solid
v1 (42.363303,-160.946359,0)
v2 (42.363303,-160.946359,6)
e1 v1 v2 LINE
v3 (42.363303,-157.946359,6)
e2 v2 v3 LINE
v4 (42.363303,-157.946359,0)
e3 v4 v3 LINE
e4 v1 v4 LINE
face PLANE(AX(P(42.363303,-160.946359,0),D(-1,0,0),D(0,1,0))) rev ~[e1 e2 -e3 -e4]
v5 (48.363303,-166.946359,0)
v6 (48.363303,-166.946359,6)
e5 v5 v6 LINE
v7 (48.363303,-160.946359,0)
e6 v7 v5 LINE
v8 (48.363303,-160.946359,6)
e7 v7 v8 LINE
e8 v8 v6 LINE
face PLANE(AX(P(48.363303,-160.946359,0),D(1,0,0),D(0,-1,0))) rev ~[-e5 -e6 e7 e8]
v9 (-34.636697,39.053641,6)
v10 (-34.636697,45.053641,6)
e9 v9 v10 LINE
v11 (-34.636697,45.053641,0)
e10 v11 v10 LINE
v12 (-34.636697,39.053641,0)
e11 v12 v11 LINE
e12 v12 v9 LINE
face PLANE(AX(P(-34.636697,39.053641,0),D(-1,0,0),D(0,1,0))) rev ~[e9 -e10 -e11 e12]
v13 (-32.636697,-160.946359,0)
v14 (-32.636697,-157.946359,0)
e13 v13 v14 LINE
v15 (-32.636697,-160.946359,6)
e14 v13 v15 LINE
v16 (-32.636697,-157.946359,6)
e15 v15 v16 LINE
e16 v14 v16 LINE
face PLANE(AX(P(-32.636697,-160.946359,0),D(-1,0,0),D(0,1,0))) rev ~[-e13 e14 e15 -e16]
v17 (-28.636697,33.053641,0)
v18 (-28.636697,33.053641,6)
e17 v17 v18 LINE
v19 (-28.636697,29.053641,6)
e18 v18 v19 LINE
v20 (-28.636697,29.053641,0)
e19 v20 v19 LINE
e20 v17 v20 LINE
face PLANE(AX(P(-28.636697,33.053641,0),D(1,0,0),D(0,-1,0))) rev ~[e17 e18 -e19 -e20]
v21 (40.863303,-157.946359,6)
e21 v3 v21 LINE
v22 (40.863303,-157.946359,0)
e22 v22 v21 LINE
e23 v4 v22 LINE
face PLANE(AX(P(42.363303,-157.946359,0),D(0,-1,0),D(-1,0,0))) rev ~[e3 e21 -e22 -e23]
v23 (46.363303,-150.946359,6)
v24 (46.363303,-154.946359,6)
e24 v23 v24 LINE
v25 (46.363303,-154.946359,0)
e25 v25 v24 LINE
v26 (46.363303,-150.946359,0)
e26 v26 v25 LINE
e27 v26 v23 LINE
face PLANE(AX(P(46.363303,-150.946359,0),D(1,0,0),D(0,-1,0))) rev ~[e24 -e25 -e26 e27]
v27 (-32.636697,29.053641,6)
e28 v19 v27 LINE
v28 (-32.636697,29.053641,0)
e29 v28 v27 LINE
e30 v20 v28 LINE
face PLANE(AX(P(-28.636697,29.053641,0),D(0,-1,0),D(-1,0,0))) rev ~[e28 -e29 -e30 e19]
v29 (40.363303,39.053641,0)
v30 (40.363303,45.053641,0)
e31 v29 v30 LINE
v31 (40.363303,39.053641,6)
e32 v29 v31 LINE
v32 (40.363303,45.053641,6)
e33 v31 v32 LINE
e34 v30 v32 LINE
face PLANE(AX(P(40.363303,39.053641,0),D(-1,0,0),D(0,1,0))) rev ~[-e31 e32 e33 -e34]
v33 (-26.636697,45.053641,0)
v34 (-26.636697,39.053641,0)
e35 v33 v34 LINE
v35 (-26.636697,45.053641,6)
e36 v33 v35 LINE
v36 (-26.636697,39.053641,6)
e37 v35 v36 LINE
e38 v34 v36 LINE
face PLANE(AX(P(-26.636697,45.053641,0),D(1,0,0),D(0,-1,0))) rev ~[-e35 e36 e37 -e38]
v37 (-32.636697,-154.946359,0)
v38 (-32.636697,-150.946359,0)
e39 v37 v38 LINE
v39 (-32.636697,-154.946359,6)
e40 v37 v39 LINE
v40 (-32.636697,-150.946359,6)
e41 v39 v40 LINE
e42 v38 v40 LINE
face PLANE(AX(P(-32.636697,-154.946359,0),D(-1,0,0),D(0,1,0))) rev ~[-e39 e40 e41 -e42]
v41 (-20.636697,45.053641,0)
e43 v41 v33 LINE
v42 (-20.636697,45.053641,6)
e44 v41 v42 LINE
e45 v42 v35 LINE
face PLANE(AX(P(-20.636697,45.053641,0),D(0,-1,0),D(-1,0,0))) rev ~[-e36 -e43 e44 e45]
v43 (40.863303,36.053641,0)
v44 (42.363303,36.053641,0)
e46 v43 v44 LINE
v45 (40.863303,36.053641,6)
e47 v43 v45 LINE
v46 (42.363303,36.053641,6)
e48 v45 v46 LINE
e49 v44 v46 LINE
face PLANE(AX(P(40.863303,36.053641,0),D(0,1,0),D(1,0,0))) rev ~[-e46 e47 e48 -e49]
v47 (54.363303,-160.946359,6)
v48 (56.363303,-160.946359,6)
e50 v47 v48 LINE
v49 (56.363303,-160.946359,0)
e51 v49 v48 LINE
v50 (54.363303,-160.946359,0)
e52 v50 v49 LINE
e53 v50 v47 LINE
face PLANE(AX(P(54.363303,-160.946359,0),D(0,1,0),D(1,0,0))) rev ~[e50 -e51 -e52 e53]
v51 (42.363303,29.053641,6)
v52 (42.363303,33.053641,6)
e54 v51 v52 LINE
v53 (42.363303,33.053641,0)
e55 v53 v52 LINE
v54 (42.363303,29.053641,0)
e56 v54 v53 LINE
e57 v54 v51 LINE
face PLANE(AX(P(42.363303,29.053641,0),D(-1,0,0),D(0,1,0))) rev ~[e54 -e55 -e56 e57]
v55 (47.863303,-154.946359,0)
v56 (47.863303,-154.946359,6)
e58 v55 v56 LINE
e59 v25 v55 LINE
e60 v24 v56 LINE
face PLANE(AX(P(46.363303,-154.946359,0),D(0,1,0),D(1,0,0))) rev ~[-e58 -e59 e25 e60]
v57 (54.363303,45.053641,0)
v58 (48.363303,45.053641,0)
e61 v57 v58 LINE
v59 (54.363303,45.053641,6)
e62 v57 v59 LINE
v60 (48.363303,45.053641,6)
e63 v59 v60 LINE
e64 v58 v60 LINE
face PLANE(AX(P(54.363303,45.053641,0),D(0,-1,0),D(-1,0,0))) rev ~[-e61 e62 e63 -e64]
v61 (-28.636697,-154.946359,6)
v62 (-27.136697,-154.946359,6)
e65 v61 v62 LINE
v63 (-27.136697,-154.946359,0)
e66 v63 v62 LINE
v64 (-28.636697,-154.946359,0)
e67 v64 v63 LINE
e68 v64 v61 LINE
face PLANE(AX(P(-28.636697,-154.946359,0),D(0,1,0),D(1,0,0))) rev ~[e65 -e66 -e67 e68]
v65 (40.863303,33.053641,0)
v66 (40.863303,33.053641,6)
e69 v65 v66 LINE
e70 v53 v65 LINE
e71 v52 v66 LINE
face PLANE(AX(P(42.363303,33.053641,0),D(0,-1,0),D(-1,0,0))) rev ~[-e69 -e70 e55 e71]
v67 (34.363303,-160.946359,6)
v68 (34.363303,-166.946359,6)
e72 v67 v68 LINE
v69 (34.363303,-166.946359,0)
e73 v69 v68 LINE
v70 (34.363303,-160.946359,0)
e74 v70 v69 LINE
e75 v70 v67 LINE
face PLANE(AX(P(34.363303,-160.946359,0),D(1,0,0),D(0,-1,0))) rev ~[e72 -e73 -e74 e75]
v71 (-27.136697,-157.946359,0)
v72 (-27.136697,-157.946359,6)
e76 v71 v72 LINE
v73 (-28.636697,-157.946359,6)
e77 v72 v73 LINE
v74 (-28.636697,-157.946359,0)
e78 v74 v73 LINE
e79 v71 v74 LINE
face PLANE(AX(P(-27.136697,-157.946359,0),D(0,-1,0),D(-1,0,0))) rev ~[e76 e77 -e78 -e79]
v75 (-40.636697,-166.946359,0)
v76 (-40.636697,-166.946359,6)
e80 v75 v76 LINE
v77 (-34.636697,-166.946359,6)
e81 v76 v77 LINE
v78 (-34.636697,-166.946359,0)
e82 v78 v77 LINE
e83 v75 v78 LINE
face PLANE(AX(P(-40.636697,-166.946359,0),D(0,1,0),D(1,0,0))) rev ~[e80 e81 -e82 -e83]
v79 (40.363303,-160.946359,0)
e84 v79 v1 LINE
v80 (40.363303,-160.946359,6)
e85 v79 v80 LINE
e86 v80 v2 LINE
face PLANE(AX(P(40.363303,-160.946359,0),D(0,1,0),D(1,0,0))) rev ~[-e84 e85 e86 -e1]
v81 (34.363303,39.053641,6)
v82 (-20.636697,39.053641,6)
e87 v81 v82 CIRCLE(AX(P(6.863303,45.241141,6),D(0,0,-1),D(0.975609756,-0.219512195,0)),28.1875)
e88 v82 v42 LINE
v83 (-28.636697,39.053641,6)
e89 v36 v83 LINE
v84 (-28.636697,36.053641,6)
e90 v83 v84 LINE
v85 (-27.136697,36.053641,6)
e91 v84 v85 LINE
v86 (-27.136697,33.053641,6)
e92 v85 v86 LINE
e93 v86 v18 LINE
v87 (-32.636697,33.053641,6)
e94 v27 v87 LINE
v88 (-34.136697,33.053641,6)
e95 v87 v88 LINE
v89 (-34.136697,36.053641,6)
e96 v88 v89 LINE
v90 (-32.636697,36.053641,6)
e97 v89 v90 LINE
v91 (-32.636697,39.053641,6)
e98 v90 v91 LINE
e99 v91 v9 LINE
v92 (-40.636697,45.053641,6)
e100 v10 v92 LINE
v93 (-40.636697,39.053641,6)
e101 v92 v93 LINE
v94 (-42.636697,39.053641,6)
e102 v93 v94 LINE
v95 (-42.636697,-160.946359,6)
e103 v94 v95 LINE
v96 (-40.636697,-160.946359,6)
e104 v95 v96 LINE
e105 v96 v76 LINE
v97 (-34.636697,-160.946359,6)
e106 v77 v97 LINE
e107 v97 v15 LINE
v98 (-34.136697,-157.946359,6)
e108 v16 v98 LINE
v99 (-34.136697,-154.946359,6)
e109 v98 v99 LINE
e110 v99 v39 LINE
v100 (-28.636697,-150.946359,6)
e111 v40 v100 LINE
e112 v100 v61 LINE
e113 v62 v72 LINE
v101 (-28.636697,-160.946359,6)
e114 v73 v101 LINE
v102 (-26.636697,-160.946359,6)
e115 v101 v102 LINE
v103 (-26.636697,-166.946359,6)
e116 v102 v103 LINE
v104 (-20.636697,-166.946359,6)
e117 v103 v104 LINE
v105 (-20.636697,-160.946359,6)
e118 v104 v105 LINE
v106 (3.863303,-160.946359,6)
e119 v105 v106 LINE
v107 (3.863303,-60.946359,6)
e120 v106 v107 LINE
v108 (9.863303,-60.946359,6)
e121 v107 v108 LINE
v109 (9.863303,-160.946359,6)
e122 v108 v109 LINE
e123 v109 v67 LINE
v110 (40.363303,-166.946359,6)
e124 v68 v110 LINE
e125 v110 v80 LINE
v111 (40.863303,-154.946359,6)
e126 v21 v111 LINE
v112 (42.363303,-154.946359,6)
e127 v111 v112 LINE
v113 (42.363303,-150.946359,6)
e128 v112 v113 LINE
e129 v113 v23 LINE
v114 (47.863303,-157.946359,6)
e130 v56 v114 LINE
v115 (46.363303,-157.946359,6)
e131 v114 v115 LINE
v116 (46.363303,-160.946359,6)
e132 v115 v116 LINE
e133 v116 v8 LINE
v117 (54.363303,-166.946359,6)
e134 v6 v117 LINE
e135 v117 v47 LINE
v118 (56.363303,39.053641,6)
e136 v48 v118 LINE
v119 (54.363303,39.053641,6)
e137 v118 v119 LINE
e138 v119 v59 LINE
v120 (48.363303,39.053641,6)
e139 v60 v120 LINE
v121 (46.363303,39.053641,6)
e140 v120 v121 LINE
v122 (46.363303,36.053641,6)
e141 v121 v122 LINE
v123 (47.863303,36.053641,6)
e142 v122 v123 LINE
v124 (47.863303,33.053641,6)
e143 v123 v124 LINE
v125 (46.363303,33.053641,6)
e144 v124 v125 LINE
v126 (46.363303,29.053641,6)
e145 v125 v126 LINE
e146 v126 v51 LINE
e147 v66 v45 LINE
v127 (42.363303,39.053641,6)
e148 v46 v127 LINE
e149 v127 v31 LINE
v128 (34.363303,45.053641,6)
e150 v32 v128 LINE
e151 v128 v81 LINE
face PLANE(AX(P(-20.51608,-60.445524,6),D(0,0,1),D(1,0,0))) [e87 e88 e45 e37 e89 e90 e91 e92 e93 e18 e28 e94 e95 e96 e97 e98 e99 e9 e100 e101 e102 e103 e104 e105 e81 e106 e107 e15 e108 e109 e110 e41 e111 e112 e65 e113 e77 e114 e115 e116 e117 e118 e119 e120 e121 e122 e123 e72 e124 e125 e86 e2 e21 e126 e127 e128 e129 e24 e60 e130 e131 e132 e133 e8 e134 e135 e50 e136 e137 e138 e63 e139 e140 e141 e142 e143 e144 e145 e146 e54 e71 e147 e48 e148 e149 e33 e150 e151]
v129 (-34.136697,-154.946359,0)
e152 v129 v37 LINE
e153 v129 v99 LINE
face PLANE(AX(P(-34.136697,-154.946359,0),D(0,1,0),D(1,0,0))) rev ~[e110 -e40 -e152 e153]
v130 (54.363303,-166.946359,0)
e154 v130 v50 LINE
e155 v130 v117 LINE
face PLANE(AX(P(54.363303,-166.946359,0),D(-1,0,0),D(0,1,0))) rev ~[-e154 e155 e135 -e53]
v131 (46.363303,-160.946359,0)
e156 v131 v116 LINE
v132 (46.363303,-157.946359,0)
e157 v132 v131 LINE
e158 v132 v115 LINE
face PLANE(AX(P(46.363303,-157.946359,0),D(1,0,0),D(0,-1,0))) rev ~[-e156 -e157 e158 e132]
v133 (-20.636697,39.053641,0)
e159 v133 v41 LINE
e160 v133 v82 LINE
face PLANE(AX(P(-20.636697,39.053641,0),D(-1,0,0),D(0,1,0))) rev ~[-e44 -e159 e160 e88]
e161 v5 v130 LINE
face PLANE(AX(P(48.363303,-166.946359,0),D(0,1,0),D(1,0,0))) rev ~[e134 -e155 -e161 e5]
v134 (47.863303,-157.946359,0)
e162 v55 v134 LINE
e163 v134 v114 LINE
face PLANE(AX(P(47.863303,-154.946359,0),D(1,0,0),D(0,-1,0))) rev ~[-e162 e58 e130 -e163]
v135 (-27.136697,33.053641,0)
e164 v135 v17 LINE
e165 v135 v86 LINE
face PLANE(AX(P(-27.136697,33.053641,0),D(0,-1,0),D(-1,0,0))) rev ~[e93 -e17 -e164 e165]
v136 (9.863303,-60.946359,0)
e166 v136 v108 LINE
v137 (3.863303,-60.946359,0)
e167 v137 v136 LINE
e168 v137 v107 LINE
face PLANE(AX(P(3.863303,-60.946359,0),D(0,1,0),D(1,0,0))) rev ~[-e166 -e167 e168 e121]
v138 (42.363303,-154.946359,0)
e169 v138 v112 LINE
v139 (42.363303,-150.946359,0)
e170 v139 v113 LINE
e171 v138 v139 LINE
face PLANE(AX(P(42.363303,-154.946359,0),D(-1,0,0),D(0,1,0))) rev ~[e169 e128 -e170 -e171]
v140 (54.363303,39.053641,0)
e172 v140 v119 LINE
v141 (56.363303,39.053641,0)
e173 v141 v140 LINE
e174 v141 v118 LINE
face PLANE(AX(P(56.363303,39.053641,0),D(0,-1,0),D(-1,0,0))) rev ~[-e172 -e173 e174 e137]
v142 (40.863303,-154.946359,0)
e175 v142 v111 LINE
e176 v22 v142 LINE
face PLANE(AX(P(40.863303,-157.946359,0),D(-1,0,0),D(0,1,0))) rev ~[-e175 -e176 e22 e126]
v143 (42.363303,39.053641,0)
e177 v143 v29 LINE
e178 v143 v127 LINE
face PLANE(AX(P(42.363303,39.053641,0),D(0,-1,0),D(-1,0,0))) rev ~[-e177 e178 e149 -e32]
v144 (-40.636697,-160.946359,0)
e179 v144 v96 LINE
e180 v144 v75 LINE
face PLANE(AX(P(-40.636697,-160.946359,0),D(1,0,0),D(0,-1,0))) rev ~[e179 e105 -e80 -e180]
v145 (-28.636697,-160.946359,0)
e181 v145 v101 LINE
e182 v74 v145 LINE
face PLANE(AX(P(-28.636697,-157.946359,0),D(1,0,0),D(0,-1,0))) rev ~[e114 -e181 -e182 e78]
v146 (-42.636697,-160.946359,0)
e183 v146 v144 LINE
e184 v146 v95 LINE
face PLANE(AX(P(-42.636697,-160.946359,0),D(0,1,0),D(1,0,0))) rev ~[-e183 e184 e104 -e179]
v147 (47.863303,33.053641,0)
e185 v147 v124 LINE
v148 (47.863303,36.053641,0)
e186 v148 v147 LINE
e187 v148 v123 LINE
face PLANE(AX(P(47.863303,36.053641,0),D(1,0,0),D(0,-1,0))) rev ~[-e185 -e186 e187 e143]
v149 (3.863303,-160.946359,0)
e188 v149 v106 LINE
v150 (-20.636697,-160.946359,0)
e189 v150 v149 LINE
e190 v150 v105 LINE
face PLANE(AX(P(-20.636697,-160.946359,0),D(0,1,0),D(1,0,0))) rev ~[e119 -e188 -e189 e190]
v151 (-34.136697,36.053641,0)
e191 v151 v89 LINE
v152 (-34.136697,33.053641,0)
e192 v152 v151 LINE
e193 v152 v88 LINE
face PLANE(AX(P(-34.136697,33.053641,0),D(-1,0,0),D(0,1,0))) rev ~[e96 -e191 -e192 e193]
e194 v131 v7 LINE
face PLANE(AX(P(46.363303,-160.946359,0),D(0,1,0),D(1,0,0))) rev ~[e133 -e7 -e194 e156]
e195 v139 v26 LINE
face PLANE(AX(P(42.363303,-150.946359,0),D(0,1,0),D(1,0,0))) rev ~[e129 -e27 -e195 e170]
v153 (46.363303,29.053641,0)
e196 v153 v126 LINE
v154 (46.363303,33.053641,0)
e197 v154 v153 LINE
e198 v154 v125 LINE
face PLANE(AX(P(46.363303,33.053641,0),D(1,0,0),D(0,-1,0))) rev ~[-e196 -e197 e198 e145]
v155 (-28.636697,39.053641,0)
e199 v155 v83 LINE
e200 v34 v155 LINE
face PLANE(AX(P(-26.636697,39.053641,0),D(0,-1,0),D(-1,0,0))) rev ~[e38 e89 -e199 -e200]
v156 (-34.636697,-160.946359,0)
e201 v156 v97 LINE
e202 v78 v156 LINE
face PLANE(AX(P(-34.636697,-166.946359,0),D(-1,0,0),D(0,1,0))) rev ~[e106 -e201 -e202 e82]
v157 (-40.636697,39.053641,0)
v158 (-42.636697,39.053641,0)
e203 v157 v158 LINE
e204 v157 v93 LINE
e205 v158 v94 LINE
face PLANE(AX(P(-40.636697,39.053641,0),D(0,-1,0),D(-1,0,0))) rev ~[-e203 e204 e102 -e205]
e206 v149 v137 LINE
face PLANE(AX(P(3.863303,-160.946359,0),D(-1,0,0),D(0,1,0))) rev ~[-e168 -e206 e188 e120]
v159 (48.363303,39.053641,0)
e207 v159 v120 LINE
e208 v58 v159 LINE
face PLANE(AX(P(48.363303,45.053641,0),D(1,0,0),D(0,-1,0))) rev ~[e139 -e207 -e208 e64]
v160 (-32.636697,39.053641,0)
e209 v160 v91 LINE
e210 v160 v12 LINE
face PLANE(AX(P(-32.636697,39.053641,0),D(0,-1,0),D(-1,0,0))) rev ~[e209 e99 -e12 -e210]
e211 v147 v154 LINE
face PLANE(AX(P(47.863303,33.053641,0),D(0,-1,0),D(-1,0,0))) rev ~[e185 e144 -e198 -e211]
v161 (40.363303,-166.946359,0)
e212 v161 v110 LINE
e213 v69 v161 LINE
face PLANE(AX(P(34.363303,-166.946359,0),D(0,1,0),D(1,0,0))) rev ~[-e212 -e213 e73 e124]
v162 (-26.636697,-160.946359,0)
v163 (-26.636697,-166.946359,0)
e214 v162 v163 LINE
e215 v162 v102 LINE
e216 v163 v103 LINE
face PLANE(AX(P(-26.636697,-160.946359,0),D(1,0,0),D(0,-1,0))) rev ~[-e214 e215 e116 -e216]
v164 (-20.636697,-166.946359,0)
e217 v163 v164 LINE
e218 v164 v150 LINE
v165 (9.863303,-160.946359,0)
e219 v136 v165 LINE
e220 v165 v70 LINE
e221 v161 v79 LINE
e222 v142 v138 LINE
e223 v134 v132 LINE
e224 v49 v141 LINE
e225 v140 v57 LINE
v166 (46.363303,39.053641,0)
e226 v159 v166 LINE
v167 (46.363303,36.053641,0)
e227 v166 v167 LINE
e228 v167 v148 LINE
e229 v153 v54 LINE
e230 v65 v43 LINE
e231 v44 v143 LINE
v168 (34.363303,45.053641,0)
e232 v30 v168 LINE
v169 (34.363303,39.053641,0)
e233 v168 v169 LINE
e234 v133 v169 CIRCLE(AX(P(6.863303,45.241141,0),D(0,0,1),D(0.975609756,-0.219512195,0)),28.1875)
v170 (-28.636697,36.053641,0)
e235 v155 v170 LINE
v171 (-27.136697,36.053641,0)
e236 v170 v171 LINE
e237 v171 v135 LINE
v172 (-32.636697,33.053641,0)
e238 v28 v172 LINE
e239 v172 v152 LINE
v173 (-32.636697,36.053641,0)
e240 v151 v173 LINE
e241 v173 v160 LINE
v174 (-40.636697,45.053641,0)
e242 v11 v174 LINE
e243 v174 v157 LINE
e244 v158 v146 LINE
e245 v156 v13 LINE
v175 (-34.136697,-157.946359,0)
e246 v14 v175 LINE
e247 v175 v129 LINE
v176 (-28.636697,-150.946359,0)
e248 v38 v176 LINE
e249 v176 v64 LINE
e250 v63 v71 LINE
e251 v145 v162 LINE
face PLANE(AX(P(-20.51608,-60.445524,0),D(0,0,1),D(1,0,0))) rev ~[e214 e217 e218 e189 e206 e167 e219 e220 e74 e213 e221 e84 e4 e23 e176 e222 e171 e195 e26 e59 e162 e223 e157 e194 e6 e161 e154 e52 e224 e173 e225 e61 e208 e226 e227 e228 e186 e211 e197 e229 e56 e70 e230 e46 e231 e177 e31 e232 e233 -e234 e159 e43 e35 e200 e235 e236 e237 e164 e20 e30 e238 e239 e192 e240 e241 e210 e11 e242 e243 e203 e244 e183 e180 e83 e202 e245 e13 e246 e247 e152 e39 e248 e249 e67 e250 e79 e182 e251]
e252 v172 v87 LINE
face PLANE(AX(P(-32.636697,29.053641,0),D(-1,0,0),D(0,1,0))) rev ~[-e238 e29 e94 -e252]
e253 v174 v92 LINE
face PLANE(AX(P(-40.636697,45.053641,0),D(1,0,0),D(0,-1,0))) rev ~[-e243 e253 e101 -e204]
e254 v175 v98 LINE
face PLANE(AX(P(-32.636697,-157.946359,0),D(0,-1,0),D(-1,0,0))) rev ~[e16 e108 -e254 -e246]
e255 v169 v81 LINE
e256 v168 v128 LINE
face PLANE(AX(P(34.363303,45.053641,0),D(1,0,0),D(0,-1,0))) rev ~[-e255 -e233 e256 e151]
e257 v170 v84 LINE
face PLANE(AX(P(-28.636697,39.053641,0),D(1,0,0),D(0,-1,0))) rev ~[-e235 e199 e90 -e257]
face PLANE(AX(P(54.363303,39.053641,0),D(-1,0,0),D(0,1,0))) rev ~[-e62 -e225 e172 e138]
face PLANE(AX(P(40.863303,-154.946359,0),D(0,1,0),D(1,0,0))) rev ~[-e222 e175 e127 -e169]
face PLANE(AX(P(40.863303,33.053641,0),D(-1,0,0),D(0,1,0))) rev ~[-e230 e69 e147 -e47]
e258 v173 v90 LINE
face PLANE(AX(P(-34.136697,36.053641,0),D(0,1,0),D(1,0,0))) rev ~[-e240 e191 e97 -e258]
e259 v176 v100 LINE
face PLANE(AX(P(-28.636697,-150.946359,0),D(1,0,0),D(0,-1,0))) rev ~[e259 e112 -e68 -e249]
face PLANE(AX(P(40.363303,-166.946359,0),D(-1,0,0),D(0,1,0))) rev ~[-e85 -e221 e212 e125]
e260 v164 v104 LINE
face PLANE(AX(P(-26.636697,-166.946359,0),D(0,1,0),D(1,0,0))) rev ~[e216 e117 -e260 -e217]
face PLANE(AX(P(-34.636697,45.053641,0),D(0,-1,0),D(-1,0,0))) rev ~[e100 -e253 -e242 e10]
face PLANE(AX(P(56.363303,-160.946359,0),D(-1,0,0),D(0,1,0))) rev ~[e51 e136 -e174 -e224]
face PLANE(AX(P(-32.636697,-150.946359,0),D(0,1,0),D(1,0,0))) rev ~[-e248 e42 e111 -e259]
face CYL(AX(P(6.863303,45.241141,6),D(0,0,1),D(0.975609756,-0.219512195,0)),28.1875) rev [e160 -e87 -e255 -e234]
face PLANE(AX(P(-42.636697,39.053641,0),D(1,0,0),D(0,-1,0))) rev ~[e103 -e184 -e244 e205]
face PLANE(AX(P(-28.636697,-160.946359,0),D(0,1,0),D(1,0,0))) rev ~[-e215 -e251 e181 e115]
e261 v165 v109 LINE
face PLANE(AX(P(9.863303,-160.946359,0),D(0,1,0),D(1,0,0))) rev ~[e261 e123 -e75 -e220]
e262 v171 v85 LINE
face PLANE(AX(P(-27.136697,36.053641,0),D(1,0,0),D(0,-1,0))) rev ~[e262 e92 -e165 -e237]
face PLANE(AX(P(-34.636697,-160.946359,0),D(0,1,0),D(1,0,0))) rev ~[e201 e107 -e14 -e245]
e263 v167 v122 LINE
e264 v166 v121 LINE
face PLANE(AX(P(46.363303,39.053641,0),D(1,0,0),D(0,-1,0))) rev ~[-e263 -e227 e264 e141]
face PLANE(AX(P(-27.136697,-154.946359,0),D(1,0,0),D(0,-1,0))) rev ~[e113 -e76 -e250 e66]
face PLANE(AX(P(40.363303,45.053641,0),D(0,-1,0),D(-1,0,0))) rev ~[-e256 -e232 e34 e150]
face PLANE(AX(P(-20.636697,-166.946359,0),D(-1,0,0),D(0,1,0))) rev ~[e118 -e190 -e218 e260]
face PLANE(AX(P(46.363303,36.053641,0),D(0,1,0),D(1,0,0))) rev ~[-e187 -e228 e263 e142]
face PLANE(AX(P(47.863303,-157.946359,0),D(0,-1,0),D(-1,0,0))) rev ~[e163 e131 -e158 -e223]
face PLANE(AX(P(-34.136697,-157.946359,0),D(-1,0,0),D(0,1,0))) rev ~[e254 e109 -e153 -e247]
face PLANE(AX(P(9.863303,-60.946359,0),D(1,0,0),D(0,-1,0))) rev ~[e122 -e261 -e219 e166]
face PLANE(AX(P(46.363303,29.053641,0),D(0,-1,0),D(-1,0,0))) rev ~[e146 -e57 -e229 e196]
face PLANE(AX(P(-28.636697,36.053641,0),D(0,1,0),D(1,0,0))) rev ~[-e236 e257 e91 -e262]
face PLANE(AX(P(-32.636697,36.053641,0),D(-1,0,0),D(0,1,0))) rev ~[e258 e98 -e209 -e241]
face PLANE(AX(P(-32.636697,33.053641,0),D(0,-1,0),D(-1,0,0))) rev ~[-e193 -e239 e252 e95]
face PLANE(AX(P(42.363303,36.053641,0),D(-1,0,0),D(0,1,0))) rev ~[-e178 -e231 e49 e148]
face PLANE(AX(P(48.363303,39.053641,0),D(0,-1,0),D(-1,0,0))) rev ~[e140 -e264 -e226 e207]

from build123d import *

# Parameters (mm, degrees)
BOSS_EXTRU_1_DEPTH      = 6
ENL_V_MAT_EXTRU_1_DEPTH = 10


with BuildPart() as part:
    # Esquisse1 → Boss.-Extru.1 (new body)
    with BuildSketch(Plane.XY):
        Polygon((-40.636697438, 45.053641116), (-40.636697438, 39.053641116), (-42.636697438, 39.053641116), (-42.636697438, -160.946358884), (-40.636697438, -160.946358884), (-40.636697438, -166.946358884), (-34.636697438, -166.946358884), (-34.636697438, -160.946358884), (-32.636697438, -160.946358884), (-32.636697438, -157.946358884), (-34.136697438, -157.946358884), (-34.136697438, -154.946358884), (-32.636697438, -154.946358884), (-32.636697438, -150.946358884), (-28.636697438, -150.946358884), (-28.636697438, -154.946358884), (-27.136697438, -154.946358884), (-27.136697438, -157.946358884), (-28.636697438, -157.946358884), (-28.636697438, -160.946358884), (-26.636697438, -160.946358884), (-26.636697438, -166.946358884), (-20.636697438, -166.946358884), (-20.636697438, -160.946358884), (3.863302562, -160.946358884), (3.863302562, -60.946358884), (6.863302562, -60.946358884), (6.863302562, 39.053641116), (-20.636697438, 39.053641116), (-20.636697438, 45.053641116), (-26.636697438, 45.053641116), (-26.636697438, 39.053641116), (-28.636697438, 39.053641116), (-28.636697438, 36.053641116), (-27.136697438, 36.053641116), (-27.136697438, 33.053641116), (-28.636697438, 33.053641116), (-28.636697438, 29.053641116), (-32.636697438, 29.053641116), (-32.636697438, 33.053641116), (-34.136697438, 33.053641116), (-34.136697438, 36.053641116), (-32.636697438, 36.053641116), (-32.636697438, 39.053641116), (-34.636697438, 39.053641116), (-34.636697438, 45.053641116), align=None)
        Polygon((34.363302562, 39.053641116), (6.863302562, 39.053641116), (6.863302562, -60.946358884), (9.863302562, -60.946358884), (9.863302562, -160.946358884), (34.363302562, -160.946358884), (34.363302562, -166.946358884), (40.363302562, -166.946358884), (40.363302562, -160.946358884), (42.363302562, -160.946358884), (42.363302562, -157.946358884), (40.863302562, -157.946358884), (40.863302562, -154.946358884), (42.363302562, -154.946358884), (42.363302562, -150.946358884), (46.363302562, -150.946358884), (46.363302562, -154.946358884), (47.863302562, -154.946358884), (47.863302562, -157.946358884), (46.363302562, -157.946358884), (46.363302562, -160.946358884), (48.363302562, -160.946358884), (48.363302562, -166.946358884), (54.363302562, -166.946358884), (54.363302562, -160.946358884), (56.363302562, -160.946358884), (56.363302562, 39.053641116), (54.363302562, 39.053641116), (54.363302562, 45.053641116), (48.363302562, 45.053641116), (48.363302562, 39.053641116), (46.363302562, 39.053641116), (46.363302562, 36.053641116), (47.863302562, 36.053641116), (47.863302562, 33.053641116), (46.363302562, 33.053641116), (46.363302562, 29.053641116), (42.363302562, 29.053641116), (42.363302562, 33.053641116), (40.863302562, 33.053641116), (40.863302562, 36.053641116), (42.363302562, 36.053641116), (42.363302562, 39.053641116), (40.363302562, 39.053641116), (40.363302562, 45.053641116), (34.363302562, 45.053641116), align=None)
    extrude(amount=BOSS_EXTRU_1_DEPTH)

    # Esquisse2 → Enlèv. mat.-Extru.1 (cut)
    with BuildSketch(Plane.XY.offset(6)):
        with BuildLine():
            Line((-20.636697438, 39.053641116), (34.363302562, 39.053641116))
            ThreePointArc((34.363302562, 39.053641116), (6.863302562, 17.053641116), (-20.636697438, 39.053641116))
        make_face()
    extrude(amount=-ENL_V_MAT_EXTRU_1_DEPTH, mode=Mode.SUBTRACT)


solid = part.part
